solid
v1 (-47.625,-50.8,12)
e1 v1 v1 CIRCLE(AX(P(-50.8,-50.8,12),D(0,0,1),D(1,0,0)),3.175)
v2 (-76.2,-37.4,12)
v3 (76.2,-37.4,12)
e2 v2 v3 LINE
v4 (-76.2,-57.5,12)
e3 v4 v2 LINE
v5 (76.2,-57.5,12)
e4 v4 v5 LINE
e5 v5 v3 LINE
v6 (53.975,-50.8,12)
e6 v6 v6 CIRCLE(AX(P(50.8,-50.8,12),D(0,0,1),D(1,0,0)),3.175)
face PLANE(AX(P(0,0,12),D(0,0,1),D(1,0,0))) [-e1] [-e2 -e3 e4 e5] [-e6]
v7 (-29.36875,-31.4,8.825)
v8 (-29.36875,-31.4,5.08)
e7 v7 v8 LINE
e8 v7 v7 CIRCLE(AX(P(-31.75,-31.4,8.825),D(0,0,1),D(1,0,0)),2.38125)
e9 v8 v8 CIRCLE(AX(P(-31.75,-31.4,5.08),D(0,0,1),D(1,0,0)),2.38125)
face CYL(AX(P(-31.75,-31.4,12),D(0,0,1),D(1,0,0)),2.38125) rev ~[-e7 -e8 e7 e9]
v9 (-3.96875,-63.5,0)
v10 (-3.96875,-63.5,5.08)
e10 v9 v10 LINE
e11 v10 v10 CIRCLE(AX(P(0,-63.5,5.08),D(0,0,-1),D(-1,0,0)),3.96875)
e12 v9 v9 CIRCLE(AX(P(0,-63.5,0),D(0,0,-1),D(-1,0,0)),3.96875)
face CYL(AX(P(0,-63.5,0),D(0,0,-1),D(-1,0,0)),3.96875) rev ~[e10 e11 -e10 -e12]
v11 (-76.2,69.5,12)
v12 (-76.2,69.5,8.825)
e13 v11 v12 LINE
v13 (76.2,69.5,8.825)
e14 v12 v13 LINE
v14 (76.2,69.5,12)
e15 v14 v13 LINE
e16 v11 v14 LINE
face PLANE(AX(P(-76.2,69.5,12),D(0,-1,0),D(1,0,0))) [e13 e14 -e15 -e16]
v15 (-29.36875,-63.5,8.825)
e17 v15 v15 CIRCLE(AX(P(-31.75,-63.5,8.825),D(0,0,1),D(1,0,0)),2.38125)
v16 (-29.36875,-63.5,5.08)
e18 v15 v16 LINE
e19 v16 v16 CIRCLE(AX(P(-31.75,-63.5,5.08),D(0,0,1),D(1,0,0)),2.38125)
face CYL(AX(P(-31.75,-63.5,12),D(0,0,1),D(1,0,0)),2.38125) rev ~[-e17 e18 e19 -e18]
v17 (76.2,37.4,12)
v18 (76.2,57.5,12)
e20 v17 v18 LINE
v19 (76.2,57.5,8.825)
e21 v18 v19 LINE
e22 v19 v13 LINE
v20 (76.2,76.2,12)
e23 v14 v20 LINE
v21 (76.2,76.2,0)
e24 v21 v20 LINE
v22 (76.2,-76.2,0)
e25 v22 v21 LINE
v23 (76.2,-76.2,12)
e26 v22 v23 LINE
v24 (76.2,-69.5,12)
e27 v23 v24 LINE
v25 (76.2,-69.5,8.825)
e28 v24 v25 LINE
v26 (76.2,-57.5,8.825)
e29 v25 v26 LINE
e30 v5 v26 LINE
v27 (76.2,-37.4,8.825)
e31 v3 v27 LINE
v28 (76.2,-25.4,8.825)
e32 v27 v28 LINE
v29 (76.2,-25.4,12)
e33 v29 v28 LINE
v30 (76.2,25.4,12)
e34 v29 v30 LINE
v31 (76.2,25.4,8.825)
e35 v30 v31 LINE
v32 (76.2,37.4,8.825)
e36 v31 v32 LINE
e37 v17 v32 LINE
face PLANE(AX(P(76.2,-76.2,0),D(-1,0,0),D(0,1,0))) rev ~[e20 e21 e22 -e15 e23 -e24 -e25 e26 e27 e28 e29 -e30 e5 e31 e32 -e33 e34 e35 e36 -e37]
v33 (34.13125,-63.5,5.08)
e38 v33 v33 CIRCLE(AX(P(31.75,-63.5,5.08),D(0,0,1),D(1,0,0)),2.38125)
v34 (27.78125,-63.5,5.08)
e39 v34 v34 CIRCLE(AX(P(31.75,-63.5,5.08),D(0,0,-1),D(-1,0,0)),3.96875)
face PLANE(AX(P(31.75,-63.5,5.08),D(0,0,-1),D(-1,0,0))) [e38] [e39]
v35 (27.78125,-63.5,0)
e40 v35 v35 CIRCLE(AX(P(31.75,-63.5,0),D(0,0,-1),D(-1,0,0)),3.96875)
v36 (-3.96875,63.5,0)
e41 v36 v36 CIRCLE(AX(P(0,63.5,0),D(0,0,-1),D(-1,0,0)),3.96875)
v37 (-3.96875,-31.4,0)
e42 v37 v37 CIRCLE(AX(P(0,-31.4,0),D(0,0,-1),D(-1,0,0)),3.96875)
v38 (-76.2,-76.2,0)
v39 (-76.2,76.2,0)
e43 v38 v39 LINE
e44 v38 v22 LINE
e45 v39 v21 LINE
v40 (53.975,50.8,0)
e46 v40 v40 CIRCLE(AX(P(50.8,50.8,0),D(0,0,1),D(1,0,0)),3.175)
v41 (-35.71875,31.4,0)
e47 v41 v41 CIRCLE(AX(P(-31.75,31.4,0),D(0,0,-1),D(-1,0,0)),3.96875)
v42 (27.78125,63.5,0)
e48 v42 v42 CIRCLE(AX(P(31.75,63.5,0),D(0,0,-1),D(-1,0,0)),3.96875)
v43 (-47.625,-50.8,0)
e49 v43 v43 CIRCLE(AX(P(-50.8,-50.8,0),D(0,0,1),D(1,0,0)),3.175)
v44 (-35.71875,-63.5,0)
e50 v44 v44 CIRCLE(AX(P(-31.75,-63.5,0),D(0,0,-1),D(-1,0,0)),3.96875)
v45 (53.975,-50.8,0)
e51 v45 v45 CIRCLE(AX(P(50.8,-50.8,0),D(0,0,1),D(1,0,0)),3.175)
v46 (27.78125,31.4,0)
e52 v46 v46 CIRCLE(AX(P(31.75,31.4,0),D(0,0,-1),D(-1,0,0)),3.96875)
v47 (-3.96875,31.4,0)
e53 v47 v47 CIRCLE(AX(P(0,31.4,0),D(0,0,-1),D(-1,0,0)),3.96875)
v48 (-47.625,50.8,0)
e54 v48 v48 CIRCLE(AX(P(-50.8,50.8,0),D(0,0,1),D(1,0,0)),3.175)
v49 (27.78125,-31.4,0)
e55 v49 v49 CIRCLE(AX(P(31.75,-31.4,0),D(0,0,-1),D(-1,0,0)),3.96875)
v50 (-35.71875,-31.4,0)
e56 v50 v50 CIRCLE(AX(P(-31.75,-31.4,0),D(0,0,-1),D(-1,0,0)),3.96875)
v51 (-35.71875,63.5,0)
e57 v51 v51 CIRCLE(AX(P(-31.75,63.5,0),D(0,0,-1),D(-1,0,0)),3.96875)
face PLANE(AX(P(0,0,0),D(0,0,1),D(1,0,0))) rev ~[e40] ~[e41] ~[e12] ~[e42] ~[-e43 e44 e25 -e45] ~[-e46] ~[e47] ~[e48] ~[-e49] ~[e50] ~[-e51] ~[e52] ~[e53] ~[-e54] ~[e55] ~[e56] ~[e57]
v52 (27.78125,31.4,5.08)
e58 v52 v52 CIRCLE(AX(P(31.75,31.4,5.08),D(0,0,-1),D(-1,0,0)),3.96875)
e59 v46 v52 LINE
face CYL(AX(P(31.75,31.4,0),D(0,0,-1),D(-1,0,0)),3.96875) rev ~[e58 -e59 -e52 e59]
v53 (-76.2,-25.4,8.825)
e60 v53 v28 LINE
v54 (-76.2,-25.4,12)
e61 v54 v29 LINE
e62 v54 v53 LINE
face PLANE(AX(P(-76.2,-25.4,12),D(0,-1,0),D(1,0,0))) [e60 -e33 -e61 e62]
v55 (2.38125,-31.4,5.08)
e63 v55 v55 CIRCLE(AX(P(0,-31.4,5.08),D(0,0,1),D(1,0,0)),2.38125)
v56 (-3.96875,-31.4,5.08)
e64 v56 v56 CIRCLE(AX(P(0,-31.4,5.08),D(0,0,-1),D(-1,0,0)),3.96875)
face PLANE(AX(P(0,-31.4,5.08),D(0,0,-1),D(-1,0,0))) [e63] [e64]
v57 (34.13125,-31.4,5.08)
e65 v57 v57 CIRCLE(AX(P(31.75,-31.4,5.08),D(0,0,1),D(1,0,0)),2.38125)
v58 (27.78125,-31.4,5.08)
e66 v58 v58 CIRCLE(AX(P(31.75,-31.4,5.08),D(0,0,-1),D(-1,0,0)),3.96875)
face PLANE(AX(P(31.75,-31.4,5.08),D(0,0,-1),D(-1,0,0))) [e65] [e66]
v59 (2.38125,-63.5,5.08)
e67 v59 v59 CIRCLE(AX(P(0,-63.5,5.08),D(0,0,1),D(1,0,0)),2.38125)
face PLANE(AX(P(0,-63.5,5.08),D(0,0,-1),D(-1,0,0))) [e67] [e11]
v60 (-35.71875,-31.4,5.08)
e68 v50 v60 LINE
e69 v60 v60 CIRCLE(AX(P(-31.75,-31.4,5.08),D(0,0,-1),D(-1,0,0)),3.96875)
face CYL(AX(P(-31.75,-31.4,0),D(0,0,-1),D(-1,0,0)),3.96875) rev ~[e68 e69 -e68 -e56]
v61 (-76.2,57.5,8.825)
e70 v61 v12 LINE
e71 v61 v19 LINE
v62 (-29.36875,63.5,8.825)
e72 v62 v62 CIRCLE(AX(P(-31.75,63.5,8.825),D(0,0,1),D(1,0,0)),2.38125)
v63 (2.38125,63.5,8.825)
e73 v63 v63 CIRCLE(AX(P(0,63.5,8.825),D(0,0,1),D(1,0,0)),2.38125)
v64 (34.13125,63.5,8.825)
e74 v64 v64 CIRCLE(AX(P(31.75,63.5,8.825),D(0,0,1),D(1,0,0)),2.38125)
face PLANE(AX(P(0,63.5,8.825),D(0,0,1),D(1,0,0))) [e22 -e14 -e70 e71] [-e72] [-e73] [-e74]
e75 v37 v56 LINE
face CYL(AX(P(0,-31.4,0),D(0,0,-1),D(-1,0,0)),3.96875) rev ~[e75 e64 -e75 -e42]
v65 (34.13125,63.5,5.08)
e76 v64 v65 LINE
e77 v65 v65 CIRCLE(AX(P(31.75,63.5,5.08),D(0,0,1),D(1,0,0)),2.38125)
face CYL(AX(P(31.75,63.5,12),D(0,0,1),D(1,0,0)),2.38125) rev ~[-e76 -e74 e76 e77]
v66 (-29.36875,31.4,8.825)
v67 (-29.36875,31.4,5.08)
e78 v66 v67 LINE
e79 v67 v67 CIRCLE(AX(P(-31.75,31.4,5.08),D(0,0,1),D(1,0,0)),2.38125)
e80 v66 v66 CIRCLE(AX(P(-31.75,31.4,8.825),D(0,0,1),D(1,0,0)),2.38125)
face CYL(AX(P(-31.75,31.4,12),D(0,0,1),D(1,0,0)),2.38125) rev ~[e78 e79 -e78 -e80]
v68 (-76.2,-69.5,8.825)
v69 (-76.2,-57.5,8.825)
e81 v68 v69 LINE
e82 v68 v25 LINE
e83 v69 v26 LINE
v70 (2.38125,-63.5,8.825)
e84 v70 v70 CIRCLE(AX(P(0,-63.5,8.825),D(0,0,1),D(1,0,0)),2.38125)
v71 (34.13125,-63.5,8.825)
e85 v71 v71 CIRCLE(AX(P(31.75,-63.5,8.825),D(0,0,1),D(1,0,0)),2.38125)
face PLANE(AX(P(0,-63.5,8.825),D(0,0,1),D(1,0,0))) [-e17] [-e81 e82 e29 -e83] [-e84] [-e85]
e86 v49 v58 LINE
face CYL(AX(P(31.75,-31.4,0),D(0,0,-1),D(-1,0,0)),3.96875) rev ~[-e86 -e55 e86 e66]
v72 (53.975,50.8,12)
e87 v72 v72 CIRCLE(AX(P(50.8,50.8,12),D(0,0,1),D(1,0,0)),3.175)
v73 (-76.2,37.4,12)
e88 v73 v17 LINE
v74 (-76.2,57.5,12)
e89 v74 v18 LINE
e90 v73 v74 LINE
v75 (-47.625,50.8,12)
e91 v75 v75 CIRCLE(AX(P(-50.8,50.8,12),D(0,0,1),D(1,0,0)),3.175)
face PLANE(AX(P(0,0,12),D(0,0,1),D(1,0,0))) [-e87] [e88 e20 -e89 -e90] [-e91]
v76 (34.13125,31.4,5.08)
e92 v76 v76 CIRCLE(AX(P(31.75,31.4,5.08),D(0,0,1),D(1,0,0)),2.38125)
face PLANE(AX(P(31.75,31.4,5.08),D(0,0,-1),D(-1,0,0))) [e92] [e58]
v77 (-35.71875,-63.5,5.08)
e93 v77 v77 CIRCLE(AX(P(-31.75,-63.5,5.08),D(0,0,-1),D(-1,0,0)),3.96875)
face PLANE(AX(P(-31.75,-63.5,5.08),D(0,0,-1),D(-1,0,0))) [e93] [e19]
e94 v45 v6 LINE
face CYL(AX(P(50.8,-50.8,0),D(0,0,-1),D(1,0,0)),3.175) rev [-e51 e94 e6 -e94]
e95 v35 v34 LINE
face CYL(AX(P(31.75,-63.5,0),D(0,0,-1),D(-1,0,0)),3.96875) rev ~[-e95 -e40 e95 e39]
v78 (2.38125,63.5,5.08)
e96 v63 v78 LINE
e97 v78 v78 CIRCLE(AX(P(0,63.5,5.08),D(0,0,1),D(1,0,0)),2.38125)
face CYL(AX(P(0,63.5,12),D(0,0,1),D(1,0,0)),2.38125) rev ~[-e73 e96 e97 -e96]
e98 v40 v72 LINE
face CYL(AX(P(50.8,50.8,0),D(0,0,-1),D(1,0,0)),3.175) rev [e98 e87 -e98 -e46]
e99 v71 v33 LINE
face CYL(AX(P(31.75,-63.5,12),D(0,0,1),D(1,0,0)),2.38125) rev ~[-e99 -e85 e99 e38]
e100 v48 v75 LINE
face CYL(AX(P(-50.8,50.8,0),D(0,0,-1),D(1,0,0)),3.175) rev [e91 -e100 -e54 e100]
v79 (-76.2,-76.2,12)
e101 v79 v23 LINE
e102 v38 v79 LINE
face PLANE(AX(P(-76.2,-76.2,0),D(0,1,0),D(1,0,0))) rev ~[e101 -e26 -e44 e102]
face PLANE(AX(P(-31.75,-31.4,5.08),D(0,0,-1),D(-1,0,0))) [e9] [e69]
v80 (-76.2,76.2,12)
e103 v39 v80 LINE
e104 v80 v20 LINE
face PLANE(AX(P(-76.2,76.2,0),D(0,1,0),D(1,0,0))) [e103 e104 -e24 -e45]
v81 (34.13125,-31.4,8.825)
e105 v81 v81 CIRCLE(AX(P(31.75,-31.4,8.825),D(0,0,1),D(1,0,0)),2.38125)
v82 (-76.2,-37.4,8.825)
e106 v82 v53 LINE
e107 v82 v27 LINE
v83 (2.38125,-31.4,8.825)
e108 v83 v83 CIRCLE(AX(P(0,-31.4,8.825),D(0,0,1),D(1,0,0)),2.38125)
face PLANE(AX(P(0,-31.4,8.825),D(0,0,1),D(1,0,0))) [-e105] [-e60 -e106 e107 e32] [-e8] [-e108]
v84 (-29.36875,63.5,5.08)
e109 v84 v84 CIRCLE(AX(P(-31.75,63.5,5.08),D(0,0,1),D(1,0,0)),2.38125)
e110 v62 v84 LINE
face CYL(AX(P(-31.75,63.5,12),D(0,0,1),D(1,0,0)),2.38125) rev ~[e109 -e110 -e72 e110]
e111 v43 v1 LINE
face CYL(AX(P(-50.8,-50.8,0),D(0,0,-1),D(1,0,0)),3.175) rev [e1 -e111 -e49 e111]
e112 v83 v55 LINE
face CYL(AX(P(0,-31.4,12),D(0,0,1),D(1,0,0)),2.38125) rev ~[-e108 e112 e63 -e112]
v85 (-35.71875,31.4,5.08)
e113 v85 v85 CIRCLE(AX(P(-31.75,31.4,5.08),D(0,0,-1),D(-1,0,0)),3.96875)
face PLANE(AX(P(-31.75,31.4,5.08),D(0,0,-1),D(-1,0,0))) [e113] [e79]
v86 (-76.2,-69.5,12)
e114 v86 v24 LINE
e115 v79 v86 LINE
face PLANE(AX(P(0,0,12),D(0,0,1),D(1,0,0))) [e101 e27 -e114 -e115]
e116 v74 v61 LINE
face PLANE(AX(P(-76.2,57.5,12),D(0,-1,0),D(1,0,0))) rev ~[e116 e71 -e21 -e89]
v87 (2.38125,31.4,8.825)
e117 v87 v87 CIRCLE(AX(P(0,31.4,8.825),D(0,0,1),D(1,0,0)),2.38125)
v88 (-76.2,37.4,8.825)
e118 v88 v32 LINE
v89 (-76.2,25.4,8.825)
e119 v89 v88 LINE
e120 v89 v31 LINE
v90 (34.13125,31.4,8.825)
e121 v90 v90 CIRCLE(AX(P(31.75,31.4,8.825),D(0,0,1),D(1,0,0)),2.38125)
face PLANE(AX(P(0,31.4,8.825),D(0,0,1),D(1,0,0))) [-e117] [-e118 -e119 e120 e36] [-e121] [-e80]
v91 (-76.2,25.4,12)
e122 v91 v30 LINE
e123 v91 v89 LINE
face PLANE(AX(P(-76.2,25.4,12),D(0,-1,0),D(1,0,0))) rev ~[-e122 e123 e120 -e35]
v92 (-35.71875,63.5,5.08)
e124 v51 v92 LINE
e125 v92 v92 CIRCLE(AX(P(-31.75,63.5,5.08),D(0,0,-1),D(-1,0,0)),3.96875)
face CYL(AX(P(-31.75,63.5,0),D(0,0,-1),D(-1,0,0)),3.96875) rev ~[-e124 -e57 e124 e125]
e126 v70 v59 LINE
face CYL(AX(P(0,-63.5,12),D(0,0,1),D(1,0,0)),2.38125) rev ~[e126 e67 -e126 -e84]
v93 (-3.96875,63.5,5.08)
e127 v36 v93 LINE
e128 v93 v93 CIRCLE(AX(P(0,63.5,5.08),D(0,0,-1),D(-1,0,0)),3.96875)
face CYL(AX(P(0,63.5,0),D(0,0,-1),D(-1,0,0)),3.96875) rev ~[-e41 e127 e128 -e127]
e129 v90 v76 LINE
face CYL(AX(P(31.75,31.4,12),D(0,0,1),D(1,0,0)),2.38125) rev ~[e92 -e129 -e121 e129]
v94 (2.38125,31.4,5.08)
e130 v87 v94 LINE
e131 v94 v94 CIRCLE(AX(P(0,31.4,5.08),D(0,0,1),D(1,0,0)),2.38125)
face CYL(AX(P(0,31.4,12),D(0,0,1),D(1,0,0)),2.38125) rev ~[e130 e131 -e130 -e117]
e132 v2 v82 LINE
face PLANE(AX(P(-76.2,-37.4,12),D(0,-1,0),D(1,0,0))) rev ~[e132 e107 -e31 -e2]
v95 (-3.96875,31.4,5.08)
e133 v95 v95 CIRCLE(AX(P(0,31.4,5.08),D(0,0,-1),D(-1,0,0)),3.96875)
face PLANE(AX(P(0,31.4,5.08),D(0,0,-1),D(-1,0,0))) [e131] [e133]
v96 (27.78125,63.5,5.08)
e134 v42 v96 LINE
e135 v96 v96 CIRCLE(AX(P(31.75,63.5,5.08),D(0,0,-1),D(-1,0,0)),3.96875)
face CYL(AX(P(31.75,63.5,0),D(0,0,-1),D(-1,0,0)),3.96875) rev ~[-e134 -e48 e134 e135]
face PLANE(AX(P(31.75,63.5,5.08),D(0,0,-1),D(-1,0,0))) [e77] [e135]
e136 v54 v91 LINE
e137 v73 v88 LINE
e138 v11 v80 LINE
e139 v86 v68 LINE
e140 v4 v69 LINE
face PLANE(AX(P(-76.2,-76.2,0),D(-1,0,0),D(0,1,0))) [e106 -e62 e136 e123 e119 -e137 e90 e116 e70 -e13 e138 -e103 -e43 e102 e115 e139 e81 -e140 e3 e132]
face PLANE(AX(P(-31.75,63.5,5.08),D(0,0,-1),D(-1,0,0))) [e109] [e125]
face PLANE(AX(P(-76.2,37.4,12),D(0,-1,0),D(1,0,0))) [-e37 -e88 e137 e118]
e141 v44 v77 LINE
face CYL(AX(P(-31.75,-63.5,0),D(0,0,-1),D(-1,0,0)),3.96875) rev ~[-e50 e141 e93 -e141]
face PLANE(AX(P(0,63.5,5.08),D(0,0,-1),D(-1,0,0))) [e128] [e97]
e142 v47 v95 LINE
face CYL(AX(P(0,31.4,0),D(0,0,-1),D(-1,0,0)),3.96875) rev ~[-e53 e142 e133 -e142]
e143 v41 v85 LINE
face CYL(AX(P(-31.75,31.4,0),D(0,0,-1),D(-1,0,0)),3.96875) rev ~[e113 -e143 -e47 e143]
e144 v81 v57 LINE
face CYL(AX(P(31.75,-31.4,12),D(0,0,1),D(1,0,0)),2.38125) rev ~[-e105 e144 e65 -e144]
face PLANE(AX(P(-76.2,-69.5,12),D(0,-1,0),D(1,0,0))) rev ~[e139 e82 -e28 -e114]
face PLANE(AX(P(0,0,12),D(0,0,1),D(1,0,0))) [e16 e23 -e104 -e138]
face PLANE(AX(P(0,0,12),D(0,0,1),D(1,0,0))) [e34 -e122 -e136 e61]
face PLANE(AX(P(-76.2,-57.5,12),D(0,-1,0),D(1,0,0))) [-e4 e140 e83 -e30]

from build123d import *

# Parameters (mm, degrees)
SKETCH1_W           = 152.4
SKETCH1_H           = 152.4
SKETCH1_R           = 3.175
BOSS_EXTRUDE1_DEPTH = 12
SKETCH2_W           = 152.4
SKETCH2_H           = 12
SKETCH2_R           = 2.38125
CUT_EXTRUDE1_DEPTH  = 3.175
SKETCH3_R           = 2.38125
CUT_EXTRUDE2_DEPTH  = 109.429147373
SKETCH5_R           = 3.96875
CUT_EXTRUDE7_DEPTH  = 5.08


with BuildPart() as part:
    # Sketch1 → Boss-Extrude1 (new body)
    with BuildSketch(Plane.XY):
        Rectangle(SKETCH1_W, SKETCH1_H)
        with Locations((-50.8, 50.8)):
            Circle(SKETCH1_R, mode=Mode.SUBTRACT)
        with Locations((-50.8, -50.8)):
            Circle(SKETCH1_R, mode=Mode.SUBTRACT)
        with Locations((50.8, 50.8)):
            Circle(SKETCH1_R, mode=Mode.SUBTRACT)
        with Locations((50.8, -50.8)):
            Circle(SKETCH1_R, mode=Mode.SUBTRACT)
    extrude(amount=BOSS_EXTRUDE1_DEPTH)

    # Sketch2 → Cut-Extrude1 (cut)
    # profile 1 of 4: a face of its own
    with BuildSketch(Plane.XY.offset(12)):
        with Locations((0, -31.4)):
            Rectangle(SKETCH2_W, SKETCH2_H)
        with Locations((0, -31.4)):
            Circle(SKETCH2_R, mode=Mode.SUBTRACT)
        with Locations((-31.75, -31.4)):
            Circle(SKETCH2_R, mode=Mode.SUBTRACT)
        with Locations((31.75, -31.4)):
            Circle(SKETCH2_R, mode=Mode.SUBTRACT)
    # profile 2 of 4: a face of its own
    with BuildSketch(Plane.XY.offset(12)):
        with Locations((0, 31.4)):
            Rectangle(SKETCH2_W, SKETCH2_H)
        with Locations((0, 31.4)):
            Circle(SKETCH2_R, mode=Mode.SUBTRACT)
        with Locations((31.75, 31.4)):
            Circle(SKETCH2_R, mode=Mode.SUBTRACT)
        with Locations((-31.75, 31.4)):
            Circle(SKETCH2_R, mode=Mode.SUBTRACT)
    # profile 3 of 4: a face of its own
    with BuildSketch(Plane.XY.offset(12)):
        with Locations((0, 63.5)):
            Rectangle(SKETCH2_W, SKETCH2_H)
        with Locations((-31.75, 63.5)):
            Circle(SKETCH2_R, mode=Mode.SUBTRACT)
        with Locations((0, 63.5)):
            Circle(SKETCH2_R, mode=Mode.SUBTRACT)
        with Locations((31.75, 63.5)):
            Circle(SKETCH2_R, mode=Mode.SUBTRACT)
    # profile 4 of 4: a face of its own
    with BuildSketch(Plane.XY.offset(12)):
        with Locations((0, -63.5)):
            Rectangle(SKETCH2_W, SKETCH2_H)
        with Locations((0, -63.5)):
            Circle(SKETCH2_R, mode=Mode.SUBTRACT)
        with Locations((-31.75, -63.5)):
            Circle(SKETCH2_R, mode=Mode.SUBTRACT)
        with Locations((31.75, -63.5)):
            Circle(SKETCH2_R, mode=Mode.SUBTRACT)
    extrude(amount=-CUT_EXTRUDE1_DEPTH, mode=Mode.SUBTRACT)

    # Sketch3 → Cut-Extrude2 (cut, through all)
    with BuildSketch(Plane.XY.offset(12)):
        with Locations((-31.75, 63.5)):
            Circle(SKETCH3_R)
        with Locations((0, 63.5)):
            Circle(SKETCH3_R)
        with Locations((31.75, 63.5)):
            Circle(SKETCH3_R)
        with Locations((-31.75, 31.4)):
            Circle(SKETCH3_R)
        with Locations((0, 31.4)):
            Circle(SKETCH3_R)
        with Locations((31.75, 31.4)):
            Circle(SKETCH3_R)
        with Locations((-31.75, -31.4)):
            Circle(SKETCH3_R)
        with Locations((0, -31.4)):
            Circle(SKETCH3_R)
        with Locations((31.75, -31.4)):
            Circle(SKETCH3_R)
        with Locations((-31.75, -63.5)):
            Circle(SKETCH3_R)
        with Locations((0, -63.5)):
            Circle(SKETCH3_R)
        with Locations((31.75, -63.5)):
            Circle(SKETCH3_R)
    extrude(amount=-CUT_EXTRUDE2_DEPTH, mode=Mode.SUBTRACT)

    # Sketch5 → Cut-Extrude7 (cut)
    with BuildSketch(Plane(origin=(0, 0, 0), x_dir=(-1, 0, 0), z_dir=(0, 0, -1))):
        with Locations((31.75, -63.5)):
            Circle(SKETCH5_R)
        with Locations((0, -63.5)):
            Circle(SKETCH5_R)
        with Locations((-31.75, -63.5)):
            Circle(SKETCH5_R)
        with Locations((-31.75, -31.4)):
            Circle(SKETCH5_R)
        with Locations((0, -31.4)):
            Circle(SKETCH5_R)
        with Locations((31.75, -31.4)):
            Circle(SKETCH5_R)
        with Locations((31.75, 31.4)):
            Circle(SKETCH5_R)
        with Locations((0, 31.4)):
            Circle(SKETCH5_R)
        with Locations((-31.75, 31.4)):
            Circle(SKETCH5_R)
        with Locations((-31.75, 63.5)):
            Circle(SKETCH5_R)
        with Locations((0, 63.5)):
            Circle(SKETCH5_R)
        with Locations((31.75, 63.5)):
            Circle(SKETCH5_R)
    extrude(amount=-CUT_EXTRUDE7_DEPTH, mode=Mode.SUBTRACT)


solid = part.part
